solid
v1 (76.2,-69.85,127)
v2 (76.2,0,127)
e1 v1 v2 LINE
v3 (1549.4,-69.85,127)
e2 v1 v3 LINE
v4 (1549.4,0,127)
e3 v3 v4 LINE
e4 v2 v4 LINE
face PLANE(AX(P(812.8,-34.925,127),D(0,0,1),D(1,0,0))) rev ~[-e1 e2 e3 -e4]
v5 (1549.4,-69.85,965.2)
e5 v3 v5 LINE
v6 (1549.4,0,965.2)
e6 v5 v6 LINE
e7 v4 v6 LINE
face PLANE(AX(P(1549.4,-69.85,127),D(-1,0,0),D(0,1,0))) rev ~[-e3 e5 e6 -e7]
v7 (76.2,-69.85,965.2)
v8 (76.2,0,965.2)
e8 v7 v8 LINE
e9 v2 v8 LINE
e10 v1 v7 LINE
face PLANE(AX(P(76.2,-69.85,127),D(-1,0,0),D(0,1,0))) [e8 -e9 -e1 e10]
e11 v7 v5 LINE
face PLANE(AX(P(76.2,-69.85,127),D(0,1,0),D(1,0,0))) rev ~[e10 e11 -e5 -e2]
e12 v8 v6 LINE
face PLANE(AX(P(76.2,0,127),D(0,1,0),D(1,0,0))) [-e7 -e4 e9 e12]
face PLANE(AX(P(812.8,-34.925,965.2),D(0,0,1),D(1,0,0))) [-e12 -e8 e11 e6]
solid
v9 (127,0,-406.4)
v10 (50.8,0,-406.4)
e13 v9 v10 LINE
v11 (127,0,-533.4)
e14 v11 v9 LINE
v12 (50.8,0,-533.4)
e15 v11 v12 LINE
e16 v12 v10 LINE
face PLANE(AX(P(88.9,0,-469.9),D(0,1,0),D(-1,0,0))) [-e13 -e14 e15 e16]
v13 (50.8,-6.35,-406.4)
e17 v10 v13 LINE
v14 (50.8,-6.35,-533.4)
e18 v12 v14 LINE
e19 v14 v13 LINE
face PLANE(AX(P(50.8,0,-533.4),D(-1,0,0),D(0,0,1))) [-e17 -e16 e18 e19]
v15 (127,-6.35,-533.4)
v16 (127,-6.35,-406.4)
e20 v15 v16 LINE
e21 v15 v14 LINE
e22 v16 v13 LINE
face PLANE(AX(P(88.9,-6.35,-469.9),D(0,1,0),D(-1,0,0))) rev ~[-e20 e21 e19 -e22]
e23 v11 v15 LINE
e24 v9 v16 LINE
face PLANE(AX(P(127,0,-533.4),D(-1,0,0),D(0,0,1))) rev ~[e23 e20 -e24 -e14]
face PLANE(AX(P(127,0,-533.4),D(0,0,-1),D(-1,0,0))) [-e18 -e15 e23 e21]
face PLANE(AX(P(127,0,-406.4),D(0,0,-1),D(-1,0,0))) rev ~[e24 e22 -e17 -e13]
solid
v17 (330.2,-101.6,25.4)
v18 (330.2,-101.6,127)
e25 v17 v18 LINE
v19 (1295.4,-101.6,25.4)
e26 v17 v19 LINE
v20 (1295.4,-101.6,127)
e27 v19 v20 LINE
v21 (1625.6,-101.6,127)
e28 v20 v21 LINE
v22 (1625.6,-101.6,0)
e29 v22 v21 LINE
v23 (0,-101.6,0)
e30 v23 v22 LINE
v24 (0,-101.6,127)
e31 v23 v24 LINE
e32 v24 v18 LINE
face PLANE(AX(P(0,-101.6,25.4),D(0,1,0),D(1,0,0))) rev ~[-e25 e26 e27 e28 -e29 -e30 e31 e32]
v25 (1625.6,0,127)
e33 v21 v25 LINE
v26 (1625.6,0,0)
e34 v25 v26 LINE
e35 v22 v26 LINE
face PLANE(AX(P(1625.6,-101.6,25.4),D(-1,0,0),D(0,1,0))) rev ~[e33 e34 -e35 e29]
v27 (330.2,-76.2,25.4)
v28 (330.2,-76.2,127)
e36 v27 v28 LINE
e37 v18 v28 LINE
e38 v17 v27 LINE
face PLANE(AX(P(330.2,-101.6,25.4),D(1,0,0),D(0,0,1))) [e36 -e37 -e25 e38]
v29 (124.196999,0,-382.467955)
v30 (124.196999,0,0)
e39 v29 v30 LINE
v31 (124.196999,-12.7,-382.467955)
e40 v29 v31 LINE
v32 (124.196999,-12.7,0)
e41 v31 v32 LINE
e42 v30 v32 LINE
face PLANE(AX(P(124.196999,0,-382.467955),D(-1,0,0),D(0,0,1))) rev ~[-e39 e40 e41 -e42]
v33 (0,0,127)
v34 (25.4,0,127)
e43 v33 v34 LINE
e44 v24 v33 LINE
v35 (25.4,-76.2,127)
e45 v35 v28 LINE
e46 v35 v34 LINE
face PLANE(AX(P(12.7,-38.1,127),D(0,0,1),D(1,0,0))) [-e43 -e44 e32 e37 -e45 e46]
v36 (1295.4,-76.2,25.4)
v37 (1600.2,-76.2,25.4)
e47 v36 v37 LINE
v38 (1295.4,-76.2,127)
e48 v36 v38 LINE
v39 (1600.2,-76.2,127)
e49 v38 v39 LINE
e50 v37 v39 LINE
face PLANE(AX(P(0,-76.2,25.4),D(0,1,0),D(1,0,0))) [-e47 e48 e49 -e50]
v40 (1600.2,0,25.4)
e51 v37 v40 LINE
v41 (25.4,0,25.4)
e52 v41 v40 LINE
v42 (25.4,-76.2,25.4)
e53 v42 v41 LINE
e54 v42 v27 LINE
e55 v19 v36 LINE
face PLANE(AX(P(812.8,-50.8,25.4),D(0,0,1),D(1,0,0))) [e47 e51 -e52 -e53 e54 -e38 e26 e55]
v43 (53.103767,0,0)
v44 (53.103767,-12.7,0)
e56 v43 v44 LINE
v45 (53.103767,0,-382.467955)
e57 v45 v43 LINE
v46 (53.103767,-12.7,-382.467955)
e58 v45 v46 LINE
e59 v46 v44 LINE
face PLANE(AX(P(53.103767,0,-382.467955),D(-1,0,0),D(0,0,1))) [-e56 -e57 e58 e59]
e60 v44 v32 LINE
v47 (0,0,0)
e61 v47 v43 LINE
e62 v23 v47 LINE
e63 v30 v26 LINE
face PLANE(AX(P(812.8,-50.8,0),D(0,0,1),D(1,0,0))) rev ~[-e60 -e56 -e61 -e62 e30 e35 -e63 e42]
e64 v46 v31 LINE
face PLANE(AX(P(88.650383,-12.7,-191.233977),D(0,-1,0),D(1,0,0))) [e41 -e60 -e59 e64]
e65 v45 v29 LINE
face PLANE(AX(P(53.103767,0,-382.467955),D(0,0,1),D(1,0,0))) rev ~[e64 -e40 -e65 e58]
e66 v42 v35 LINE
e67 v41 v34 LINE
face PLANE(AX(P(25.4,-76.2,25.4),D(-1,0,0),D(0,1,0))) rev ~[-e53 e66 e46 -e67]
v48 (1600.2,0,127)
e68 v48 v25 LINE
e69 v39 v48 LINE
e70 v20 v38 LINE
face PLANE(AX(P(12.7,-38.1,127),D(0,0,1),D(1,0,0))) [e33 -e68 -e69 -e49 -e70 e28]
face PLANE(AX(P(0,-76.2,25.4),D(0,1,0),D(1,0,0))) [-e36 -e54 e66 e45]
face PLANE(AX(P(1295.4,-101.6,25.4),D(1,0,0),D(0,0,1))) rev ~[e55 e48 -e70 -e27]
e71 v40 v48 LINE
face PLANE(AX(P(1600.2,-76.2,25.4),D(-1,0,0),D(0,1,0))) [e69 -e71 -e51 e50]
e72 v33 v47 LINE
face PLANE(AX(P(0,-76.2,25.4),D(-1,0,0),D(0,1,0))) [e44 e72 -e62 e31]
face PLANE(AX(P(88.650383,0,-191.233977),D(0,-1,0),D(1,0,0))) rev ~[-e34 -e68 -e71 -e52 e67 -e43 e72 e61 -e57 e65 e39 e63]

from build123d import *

# Parameters (mm, degrees)
F0_W      = 1625.6
F0_H      = 101.6
F1_DEPTH  = 25.4
F2_W      = 1625.6
F2_H      = 25.4
F3_DEPTH  = 101.6
F4_W      = 25.4
F4_H      = 76.2
F5_DEPTH  = 101.6
F6_W      = 965.2
F6_H      = 101.6
F7_DEPTH  = 25.4
F8_W      = 1473.2
F8_H      = 69.85
F9_DEPTH  = 838.2
F10_W     = 76.2
F10_H     = 127
F11_DEPTH = 6.35
F12_W     = 71.093232
F12_H     = 382.467955
F13_DEPTH = 12.7


with BuildPart() as f1:
    # F0 (on Top) → F1 (new body)
    with BuildSketch(Plane.XY):
        with Locations((812.8, -50.8)):
            Rectangle(F0_W, F0_H)
    extrude(amount=F1_DEPTH)

    # F2 (on face) → F3 (join)
    with BuildSketch(Plane.XY.offset(25.4)):
        with Locations((812.8, -88.9)):
            Rectangle(F2_W, F2_H)
    extrude(amount=F3_DEPTH)

    # F4 (on face) → F5 (join)
    with BuildSketch(Plane.XY.offset(25.4)):
        with Locations((12.7, -38.1)):
            Rectangle(F4_W, F4_H)
        with Locations((1612.9, -38.1)):
            Rectangle(F4_W, F4_H)
    extrude(amount=F5_DEPTH)

    # F6 (on face) → F7 (cut)
    with BuildSketch(Plane.XZ.offset(101.6)):
        with Locations((812.8, 76.2)):
            Rectangle(F6_W, F6_H)
    extrude(amount=-F7_DEPTH, mode=Mode.SUBTRACT)

    # F12 (on Front) → F13 (join)
    with BuildSketch(Plane.XZ):
        with Locations((88.650383, -191.233977)):
            Rectangle(F12_W, F12_H)
    extrude(amount=F13_DEPTH)


with BuildPart() as f9:
    # F8 (on face) → F9 (new body)
    with BuildSketch(Plane.XY.offset(127)):
        with Locations((812.8, -34.925)):
            Rectangle(F8_W, F8_H)
    extrude(amount=F9_DEPTH)


with BuildPart() as f11:
    # F10 (on face) → F11 (new body)
    with BuildSketch(Plane(origin=(0, 0, 0), x_dir=(-1, 0, 0), z_dir=(0, 1, 0))):
        with Locations((-88.9, -469.9)):
            Rectangle(F10_W, F10_H)
    extrude(amount=-F11_DEPTH)


solid = Compound([f1.part, f9.part, f11.part])
